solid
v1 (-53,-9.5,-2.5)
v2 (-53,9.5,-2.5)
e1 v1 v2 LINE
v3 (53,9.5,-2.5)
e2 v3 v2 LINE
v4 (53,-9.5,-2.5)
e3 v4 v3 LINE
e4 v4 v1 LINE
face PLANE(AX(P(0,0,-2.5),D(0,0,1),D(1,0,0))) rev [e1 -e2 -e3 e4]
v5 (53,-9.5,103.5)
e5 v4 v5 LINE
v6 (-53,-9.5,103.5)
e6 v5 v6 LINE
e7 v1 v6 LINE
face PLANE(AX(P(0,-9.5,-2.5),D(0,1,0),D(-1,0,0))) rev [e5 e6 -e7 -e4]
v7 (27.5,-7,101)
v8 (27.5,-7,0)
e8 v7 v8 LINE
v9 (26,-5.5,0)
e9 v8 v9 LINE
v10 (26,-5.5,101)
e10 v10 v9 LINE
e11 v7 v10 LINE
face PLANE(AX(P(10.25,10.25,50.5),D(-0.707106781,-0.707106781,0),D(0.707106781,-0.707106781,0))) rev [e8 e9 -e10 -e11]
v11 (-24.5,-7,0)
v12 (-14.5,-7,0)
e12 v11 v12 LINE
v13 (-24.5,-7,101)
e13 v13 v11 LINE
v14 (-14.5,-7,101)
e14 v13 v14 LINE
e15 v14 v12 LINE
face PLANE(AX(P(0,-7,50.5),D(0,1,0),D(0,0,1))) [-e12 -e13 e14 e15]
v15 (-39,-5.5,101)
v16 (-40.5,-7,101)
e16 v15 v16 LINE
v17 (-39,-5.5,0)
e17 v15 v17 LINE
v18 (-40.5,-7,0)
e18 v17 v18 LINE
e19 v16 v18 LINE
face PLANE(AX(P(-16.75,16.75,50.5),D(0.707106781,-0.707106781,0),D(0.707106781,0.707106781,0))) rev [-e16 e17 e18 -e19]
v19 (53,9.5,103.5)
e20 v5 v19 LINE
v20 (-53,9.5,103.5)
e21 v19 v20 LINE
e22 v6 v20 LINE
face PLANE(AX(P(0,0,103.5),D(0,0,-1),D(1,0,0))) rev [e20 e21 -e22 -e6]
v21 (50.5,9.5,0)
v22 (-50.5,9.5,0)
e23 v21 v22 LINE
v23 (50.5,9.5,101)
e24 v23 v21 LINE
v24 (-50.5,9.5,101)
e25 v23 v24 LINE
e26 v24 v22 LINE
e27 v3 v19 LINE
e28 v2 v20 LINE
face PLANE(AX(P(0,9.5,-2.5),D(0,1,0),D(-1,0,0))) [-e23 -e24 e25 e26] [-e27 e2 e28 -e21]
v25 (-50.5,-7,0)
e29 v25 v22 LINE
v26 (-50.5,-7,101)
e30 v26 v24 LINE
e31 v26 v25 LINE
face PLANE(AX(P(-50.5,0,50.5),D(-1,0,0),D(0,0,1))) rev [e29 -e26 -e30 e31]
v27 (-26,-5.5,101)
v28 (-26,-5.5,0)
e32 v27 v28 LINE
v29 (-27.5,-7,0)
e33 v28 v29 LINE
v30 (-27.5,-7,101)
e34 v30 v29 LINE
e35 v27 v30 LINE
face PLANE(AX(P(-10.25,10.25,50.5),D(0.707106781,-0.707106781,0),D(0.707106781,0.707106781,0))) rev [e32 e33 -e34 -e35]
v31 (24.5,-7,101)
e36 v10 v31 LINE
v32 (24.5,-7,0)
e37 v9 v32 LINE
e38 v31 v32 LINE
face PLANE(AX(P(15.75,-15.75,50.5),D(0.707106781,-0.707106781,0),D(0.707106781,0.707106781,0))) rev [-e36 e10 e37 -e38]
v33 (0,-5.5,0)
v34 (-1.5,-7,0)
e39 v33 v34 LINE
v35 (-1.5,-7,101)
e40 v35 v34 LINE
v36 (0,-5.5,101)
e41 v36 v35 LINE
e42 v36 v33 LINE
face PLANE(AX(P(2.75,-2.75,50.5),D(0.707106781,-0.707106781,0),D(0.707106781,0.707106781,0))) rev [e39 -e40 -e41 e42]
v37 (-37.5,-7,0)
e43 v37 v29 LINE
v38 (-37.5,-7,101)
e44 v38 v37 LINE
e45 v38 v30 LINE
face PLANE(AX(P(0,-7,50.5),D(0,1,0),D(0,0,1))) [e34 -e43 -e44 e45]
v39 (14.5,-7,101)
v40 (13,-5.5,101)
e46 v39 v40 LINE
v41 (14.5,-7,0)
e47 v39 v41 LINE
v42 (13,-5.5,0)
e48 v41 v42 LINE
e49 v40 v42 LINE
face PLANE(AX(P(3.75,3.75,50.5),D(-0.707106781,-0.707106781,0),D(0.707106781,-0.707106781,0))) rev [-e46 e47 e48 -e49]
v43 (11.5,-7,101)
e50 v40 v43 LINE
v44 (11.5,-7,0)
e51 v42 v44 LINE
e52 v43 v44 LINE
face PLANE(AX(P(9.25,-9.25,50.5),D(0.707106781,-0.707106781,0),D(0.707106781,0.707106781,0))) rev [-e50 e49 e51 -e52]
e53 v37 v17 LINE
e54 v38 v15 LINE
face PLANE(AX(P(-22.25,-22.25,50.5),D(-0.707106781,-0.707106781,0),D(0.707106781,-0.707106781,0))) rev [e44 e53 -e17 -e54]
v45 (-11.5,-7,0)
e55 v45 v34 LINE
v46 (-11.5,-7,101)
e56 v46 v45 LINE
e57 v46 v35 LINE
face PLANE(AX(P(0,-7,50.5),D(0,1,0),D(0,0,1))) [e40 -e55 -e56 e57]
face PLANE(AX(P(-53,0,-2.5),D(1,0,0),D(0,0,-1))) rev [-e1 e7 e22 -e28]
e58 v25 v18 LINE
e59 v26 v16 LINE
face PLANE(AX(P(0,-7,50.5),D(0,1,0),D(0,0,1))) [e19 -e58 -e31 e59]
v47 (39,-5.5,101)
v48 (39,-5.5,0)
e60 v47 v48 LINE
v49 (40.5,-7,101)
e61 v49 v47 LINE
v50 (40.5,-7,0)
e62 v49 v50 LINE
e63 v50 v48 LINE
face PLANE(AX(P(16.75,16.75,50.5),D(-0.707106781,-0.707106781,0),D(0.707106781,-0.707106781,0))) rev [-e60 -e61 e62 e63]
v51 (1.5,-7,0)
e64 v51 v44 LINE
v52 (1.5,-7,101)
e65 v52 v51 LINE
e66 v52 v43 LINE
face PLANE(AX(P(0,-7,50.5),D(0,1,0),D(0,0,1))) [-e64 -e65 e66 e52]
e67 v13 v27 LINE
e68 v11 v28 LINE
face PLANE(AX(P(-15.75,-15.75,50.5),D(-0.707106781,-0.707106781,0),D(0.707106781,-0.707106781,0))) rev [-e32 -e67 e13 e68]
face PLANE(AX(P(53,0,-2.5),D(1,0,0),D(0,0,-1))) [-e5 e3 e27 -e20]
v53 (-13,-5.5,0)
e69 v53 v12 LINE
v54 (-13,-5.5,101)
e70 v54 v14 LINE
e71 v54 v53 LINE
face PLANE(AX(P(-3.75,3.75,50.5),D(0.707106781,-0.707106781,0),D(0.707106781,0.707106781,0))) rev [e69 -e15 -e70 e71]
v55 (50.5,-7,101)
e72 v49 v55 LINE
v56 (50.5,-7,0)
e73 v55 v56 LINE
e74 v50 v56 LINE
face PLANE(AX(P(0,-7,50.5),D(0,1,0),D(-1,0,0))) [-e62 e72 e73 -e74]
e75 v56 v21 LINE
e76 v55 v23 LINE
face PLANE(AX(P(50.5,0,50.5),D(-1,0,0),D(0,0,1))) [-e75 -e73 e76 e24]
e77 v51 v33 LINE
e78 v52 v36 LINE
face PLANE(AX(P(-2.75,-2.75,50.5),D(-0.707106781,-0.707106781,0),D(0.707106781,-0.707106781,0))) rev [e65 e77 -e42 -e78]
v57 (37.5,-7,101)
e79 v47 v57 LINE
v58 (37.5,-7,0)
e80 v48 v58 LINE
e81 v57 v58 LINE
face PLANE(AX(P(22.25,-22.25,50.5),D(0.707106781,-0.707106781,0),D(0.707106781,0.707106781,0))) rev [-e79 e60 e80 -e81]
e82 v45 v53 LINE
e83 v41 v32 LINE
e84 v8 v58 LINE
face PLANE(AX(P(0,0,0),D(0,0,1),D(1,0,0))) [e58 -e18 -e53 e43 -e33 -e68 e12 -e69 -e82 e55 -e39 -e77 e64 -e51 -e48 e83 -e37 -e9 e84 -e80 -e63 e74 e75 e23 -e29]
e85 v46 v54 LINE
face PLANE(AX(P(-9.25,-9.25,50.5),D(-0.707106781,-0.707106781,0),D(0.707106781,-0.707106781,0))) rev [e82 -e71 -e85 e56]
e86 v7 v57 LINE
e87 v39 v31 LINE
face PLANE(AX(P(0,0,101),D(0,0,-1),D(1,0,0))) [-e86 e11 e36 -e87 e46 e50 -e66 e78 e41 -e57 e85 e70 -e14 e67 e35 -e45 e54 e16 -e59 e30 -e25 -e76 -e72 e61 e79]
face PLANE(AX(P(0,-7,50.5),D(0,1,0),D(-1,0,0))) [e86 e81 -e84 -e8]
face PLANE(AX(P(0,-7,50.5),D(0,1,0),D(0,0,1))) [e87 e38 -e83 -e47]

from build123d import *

# Parameters (mm, degrees)
SKETCH1_W           = 106
SKETCH1_H           = 19
BOSS_EXTRUDE1_DEPTH = 2.5
BOSS_EXTRUDE2_DEPTH = 50.5


with BuildPart() as part:
    # Sketch1 → Boss-Extrude1 (new body)
    with BuildSketch(Plane.XY):
        Rectangle(SKETCH1_W, SKETCH1_H)
    extrude(amount=-BOSS_EXTRUDE1_DEPTH)

    # Sketch1<3> → Boss-Extrude2 (add)
    with BuildSketch(Plane.XY):
        Polygon((-40.5, -7), (-50.5, -7), (-50.5, 9.5), (-53, 9.5), (-53, -9.5), (53, -9.5), (53, 9.5), (50.5, 9.5), (50.5, -7), (40.5, -7), (39, -5.5), (37.5, -7), (27.5, -7), (26, -5.5), (24.5, -7), (14.5, -7), (13, -5.5), (11.5, -7), (1.5, -7), (0, -5.5), (-1.5, -7), (-11.5, -7), (-13, -5.5), (-14.5, -7), (-24.5, -7), (-26, -5.5), (-27.5, -7), (-37.5, -7), (-39, -5.5), align=None)
    extrude(amount=BOSS_EXTRUDE2_DEPTH)

    # Mirror4: part across plane


with BuildPart() as part_1:
    add(part.part)
    add(part.part.mirror(Plane.XY.offset(50.5)))


solid = part_1.part
